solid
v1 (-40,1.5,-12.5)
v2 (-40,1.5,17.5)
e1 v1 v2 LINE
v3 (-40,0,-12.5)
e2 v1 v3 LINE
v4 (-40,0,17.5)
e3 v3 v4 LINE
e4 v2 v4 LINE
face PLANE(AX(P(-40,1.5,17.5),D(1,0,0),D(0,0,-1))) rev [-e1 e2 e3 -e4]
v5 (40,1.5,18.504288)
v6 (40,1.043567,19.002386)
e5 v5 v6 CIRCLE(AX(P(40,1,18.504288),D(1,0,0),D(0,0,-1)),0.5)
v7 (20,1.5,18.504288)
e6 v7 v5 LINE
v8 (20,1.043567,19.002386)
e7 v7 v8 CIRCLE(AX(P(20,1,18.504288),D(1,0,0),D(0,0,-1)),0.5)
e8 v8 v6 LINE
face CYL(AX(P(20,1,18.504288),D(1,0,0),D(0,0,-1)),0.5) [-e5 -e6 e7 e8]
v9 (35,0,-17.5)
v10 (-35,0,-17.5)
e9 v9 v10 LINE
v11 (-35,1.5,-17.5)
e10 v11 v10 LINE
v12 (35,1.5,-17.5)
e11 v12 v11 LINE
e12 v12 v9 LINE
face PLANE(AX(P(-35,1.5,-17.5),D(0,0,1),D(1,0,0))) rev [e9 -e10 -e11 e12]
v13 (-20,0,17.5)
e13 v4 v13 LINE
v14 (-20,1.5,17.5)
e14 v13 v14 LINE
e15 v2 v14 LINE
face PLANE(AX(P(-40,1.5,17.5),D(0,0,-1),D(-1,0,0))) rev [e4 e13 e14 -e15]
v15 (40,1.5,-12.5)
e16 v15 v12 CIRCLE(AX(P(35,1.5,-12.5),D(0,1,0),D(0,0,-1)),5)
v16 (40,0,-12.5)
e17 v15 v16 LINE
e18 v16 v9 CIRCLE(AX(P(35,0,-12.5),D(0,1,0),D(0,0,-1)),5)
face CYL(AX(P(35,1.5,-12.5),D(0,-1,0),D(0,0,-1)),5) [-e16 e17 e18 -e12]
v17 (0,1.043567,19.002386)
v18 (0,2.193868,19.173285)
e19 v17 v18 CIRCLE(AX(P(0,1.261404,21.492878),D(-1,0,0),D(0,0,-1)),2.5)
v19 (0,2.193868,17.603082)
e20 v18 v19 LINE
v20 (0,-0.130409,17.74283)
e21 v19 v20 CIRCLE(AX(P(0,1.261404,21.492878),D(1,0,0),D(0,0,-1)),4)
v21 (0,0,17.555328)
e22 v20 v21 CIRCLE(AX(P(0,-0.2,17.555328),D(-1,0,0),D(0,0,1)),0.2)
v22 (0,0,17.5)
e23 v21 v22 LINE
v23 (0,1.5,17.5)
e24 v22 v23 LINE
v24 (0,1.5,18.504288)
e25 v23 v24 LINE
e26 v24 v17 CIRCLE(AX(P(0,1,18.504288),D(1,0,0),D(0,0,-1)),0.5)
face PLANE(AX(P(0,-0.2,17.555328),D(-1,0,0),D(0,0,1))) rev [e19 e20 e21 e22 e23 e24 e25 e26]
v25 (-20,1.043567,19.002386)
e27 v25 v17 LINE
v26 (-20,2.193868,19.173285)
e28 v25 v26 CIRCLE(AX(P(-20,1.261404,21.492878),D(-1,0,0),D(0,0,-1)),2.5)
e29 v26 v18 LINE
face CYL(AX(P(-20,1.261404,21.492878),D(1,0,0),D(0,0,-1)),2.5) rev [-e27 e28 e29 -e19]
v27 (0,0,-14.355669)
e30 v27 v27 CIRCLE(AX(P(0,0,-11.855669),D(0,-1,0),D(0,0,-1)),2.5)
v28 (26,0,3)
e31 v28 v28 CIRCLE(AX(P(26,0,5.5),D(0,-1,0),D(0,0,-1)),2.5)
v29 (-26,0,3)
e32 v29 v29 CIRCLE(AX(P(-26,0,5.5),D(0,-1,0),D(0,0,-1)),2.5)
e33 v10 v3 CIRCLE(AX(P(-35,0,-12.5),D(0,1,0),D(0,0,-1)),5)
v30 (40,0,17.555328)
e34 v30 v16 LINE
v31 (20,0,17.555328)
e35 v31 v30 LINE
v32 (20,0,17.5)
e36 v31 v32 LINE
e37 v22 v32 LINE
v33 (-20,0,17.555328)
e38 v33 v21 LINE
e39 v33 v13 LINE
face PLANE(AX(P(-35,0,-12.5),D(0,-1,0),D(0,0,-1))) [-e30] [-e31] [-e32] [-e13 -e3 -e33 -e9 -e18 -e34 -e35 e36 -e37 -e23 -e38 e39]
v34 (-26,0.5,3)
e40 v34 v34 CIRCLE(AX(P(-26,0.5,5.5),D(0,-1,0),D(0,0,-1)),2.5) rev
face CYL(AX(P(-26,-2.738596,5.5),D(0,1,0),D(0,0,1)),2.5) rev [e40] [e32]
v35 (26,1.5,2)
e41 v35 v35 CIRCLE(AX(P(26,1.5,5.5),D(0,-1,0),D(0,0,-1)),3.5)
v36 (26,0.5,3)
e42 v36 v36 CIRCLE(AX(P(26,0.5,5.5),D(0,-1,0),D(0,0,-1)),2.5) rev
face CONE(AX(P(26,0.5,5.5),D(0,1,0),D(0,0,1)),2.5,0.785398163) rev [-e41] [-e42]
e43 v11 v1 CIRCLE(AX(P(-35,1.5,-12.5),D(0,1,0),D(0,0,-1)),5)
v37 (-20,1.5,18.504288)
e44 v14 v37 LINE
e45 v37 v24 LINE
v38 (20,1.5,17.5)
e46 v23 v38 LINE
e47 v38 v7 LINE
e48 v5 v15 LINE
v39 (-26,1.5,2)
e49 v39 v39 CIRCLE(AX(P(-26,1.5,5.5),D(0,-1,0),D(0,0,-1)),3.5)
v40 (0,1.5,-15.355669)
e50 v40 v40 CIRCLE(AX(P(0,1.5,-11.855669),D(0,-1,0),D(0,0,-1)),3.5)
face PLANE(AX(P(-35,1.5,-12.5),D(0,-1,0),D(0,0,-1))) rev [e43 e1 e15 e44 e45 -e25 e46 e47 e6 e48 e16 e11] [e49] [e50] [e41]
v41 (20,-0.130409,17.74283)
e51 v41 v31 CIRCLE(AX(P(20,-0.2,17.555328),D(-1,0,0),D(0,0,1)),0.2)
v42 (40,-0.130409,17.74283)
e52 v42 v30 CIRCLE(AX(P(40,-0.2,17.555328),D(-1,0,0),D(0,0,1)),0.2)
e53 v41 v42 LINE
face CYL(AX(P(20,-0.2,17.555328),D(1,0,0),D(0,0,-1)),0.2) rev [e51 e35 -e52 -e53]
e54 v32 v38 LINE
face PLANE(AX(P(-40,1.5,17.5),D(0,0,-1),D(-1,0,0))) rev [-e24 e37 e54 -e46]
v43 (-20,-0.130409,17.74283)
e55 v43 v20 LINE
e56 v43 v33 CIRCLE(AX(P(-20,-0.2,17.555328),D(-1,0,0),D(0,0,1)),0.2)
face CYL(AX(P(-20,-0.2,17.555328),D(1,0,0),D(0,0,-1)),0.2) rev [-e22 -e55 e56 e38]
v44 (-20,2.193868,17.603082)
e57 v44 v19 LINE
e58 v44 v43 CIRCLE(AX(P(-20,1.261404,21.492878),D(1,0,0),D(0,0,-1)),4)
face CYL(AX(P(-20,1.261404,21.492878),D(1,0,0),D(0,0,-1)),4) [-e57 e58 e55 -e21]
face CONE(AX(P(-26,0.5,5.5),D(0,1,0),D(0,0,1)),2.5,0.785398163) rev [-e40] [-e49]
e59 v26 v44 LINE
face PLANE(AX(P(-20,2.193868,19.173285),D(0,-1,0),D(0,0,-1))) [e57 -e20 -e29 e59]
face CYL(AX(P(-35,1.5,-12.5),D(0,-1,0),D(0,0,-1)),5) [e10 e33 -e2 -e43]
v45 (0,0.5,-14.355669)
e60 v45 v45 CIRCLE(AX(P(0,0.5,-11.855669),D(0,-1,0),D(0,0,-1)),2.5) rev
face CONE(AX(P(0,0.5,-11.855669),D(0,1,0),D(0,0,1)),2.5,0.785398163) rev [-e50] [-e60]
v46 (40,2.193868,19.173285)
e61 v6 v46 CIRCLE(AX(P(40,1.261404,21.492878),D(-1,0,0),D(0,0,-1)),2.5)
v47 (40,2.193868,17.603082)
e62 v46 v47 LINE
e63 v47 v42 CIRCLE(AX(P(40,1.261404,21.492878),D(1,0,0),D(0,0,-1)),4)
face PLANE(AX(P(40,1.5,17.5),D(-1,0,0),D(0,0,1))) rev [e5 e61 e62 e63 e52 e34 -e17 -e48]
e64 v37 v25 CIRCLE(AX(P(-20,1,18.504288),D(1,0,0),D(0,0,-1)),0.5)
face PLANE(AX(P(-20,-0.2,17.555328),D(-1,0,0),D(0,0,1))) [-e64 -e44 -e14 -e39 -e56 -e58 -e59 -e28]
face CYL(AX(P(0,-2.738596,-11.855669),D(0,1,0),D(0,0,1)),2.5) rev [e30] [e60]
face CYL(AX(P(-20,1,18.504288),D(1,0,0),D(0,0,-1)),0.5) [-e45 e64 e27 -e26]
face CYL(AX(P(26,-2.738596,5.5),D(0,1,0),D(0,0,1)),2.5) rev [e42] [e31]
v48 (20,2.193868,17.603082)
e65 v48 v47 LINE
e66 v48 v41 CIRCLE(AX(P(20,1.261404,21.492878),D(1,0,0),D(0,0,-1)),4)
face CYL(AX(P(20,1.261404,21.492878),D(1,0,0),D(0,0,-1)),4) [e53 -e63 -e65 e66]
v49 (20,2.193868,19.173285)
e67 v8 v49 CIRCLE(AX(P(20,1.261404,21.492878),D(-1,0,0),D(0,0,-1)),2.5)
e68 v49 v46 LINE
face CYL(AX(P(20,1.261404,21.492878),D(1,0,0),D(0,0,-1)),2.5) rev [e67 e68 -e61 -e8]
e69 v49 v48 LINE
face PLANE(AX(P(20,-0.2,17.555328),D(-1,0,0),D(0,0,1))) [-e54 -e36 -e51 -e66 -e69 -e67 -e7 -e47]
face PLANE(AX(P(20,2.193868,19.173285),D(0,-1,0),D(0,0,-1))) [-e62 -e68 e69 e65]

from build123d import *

# Parameters (mm, degrees)
BOSS_EXTRUDE1_DEPTH = 1.5
BOSS_EXTRUDE2_DEPTH = 20
LPATTERN1_COUNT     = 2
LPATTERN1_PITCH     = 40
SKETCH3_R           = 2.5
CUT_EXTRUDE1_DEPTH  = 5.238595513
CHAMFER1_SIZE       = 1


with BuildPart() as part:
    # Sketch1 → Boss-Extrude1 (new body)
    with BuildSketch(Plane(origin=(0, 0, 0), x_dir=(1, 0, 0), z_dir=(0, 1, 0))):
        with BuildLine():
            Line((-40, -17.5), (40, -17.5))
            Line((40, -17.5), (40, 12.5))
            ThreePointArc((40, 12.5), (38.535533906, 16.035533906), (35, 17.5))
            Line((35, 17.5), (-35, 17.5))
            ThreePointArc((-35, 17.5), (-38.535533906, 16.035533906), (-40, 12.5))
            Line((-40, 12.5), (-40, -17.5))
        make_face()
    extrude(amount=BOSS_EXTRUDE1_DEPTH)

    # Sketch2 → Boss-Extrude2 (add)
    with BuildSketch(Plane(origin=(40, 0, 0), x_dir=(0, 0, -1), z_dir=(1, 0, 0))):
        with BuildLine():
            Line((-17.5, 1.5), (-18.504288099, 1.5))
            ThreePointArc((-18.504288099, 1.5), (-18.842087072, 1.368635123), (-19.002386363, 1.043567414))
            ThreePointArc((-19.002386363, 1.043567414), (-23.96573551, 0.894016186), (-19.173284523, 2.193867665))
            Line((-19.173284523, 2.193867665), (-17.603081746, 2.193867665))
            ThreePointArc((-17.603081746, 2.193867665), (-25.485667036, 1.501473584), (-17.742830435, -0.13040931))
            ThreePointArc((-17.742830435, -0.13040931), (-17.669524968, -0.035807829), (-17.555328072, 0))
            Line((-17.555328072, 0), (-17.5, 0))
            Line((-17.5, 0), (-17.5, 1.5))
        make_face()
    boss_extrude2 = extrude(amount=-BOSS_EXTRUDE2_DEPTH)

    # LPattern1: Boss-Extrude2 ×2
    with Locations(*[(-i * LPATTERN1_PITCH, 0, 0) for i in range(1, LPATTERN1_COUNT)]):
        add(boss_extrude2)

    # Sketch3 → Cut-Extrude1 (cut, through all)
    with BuildSketch(Plane(origin=(0, 1.5, 0), x_dir=(1, 0, 0), z_dir=(0, 1, 0))):
        with Locations((-26, -5.5)):
            Circle(SKETCH3_R)
        with Locations((26, -5.5)):
            Circle(SKETCH3_R)
        with Locations((0, 11.85566874)):
            Circle(SKETCH3_R)
    extrude(amount=-CUT_EXTRUDE1_DEPTH, mode=Mode.SUBTRACT)

    # Chamfer1
    chamfer1_edges = [part.edges().sort_by_distance(p)[0] for p in [
        (-28.5, 1.5, 5.5),
        (23.5, 1.5, 5.5),
        (-2.5, 1.5, -11.85566874),
    ]]
    chamfer(chamfer1_edges, length=CHAMFER1_SIZE)


solid = part.part
